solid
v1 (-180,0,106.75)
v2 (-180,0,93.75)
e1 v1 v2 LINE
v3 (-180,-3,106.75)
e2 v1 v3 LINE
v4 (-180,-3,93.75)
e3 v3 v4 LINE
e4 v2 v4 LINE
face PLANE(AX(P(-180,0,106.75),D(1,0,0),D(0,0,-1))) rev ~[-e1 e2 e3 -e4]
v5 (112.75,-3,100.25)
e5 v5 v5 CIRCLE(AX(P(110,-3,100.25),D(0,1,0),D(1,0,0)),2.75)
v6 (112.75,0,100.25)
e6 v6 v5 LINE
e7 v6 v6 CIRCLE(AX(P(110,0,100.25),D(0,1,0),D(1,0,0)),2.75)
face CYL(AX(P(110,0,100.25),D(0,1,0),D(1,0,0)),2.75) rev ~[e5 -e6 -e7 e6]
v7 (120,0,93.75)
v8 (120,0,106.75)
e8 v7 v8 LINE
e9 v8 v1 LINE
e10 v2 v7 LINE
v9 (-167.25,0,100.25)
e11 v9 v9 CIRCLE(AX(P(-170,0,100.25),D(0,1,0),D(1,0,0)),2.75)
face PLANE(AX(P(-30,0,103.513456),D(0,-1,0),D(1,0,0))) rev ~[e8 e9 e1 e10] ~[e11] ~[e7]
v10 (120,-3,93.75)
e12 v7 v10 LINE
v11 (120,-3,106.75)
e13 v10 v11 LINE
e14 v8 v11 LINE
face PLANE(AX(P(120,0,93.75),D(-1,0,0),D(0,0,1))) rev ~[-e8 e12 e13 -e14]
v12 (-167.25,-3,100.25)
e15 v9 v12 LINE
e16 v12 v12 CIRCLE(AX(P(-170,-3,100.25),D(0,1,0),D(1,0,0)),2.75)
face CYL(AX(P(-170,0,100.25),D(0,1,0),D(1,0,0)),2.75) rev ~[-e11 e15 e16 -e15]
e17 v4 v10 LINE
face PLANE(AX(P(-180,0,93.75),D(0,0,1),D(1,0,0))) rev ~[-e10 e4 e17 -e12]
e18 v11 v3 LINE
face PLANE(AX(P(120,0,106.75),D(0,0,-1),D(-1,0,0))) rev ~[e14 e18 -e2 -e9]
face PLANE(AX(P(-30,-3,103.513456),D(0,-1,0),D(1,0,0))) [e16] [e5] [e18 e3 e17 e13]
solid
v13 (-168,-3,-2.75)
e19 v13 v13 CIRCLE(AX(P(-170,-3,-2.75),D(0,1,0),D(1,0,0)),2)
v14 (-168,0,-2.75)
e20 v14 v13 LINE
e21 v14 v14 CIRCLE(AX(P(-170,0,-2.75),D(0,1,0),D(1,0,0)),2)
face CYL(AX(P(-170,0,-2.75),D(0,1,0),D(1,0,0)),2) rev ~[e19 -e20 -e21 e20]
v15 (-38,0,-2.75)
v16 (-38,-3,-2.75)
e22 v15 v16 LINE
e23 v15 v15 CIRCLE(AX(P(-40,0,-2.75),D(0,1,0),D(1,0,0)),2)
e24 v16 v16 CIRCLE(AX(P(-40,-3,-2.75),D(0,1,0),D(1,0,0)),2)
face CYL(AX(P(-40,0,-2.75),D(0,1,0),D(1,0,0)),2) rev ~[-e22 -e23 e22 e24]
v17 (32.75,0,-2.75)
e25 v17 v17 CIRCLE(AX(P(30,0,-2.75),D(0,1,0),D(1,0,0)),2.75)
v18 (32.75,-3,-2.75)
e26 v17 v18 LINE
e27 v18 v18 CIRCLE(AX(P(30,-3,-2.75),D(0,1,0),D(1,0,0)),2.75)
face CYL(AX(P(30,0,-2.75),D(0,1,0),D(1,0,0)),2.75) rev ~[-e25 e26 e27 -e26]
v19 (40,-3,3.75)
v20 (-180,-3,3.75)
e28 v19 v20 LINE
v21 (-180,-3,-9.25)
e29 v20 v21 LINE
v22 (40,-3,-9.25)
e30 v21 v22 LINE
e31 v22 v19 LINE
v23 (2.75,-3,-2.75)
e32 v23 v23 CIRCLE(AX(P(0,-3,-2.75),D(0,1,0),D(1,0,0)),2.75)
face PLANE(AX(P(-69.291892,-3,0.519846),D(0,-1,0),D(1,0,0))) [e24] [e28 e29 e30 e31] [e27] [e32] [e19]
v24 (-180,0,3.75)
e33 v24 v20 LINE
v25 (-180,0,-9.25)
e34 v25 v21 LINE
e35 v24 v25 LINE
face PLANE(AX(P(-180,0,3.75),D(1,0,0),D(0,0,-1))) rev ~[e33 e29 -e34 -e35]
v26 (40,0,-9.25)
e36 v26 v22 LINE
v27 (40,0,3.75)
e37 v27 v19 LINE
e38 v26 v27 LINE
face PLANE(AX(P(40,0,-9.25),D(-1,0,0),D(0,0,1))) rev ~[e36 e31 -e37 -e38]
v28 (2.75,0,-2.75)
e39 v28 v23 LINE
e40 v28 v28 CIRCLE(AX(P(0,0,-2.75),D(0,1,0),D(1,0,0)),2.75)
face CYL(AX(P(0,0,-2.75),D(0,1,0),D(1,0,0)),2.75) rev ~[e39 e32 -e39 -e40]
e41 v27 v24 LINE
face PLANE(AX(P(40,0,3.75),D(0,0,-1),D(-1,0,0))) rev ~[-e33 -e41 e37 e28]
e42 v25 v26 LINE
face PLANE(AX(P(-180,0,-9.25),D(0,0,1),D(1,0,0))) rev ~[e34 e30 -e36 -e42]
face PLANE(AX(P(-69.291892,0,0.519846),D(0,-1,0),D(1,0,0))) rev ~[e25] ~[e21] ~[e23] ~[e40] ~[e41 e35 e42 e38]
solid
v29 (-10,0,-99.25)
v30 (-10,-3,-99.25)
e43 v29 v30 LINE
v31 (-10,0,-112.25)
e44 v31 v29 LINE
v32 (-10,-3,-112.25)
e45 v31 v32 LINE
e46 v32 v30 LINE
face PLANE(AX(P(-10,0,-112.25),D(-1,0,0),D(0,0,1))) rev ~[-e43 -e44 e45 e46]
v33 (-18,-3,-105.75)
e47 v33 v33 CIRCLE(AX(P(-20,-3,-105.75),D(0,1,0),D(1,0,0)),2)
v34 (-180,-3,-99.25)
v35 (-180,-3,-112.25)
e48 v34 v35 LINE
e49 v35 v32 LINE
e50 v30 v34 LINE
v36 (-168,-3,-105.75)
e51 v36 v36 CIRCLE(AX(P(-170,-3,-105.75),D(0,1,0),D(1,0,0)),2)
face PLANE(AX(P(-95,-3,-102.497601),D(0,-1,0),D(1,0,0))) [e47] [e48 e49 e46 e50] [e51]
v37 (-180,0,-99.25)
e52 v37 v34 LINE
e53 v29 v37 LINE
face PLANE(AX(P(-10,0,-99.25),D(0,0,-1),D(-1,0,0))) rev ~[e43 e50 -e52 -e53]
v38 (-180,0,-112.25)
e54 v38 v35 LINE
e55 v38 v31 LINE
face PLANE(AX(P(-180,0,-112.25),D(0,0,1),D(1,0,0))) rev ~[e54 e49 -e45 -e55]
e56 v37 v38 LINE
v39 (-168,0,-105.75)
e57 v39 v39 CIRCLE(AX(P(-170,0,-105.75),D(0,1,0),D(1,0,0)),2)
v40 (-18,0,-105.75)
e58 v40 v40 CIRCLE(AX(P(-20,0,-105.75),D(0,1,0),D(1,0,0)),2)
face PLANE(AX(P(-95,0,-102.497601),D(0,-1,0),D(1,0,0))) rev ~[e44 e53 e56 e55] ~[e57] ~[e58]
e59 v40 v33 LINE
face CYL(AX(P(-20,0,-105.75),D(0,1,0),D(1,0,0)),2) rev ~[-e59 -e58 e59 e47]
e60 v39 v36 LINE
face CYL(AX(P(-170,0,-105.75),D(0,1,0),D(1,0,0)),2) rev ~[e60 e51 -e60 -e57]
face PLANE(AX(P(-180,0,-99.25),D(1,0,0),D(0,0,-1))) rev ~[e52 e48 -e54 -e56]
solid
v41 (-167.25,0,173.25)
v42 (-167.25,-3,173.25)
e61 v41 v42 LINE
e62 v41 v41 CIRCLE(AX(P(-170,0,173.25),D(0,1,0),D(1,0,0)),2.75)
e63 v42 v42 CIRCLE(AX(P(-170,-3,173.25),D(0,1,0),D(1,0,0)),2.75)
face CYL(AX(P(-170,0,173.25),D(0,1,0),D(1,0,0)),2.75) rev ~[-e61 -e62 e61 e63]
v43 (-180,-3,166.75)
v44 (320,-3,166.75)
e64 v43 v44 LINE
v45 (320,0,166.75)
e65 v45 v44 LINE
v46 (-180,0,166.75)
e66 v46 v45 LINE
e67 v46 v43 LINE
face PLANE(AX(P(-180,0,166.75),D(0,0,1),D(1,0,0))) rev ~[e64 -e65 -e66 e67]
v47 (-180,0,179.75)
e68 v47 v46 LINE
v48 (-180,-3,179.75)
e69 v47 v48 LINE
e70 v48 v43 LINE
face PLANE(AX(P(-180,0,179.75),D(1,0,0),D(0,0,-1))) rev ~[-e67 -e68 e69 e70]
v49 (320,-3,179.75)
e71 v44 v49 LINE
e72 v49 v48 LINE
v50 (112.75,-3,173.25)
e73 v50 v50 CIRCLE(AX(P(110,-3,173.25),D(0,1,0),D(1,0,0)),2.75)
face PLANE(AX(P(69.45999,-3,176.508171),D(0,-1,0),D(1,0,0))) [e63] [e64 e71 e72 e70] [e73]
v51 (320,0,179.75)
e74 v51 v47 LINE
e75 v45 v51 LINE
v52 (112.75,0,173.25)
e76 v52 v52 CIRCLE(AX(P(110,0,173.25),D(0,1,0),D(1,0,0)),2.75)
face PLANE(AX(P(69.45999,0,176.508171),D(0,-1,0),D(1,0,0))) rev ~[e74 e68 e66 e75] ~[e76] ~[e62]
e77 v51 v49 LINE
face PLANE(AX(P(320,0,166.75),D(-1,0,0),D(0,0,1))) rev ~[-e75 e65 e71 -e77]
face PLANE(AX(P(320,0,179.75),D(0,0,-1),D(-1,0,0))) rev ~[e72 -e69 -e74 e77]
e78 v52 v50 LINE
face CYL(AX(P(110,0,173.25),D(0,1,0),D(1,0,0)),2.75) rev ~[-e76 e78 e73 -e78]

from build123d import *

# Parameters (mm, degrees)
F1_DEPTH = 3


with BuildPart() as f1:
    # F0 (on Front) → F1 (new body)
    with BuildSketch(Plane.XZ):
        with BuildLine():
            Line((320, 179.75), (-180, 179.75))
            Line((-180, 179.75), (-180, 173.25))
            Line((-180, 173.25), (-172.75, 173.25))
            ThreePointArc((-172.75, 173.25), (-170, 176), (-167.25, 173.25))
            Line((-167.25, 173.25), (107.25, 173.25))
            ThreePointArc((107.25, 173.25), (110, 176), (112.75, 173.25))
            Line((112.75, 173.25), (320, 173.25))
            Line((320, 173.25), (320, 179.75))
        make_face()
        with BuildLine():
            Line((-172.75, 173.25), (-180, 173.25))
            Line((-180, 173.25), (-180, 166.75))
            Line((-180, 166.75), (320, 166.75))
            Line((320, 166.75), (320, 173.25))
            Line((320, 173.25), (112.75, 173.25))
            ThreePointArc((112.75, 173.25), (110, 170.5), (107.25, 173.25))
            Line((107.25, 173.25), (-167.25, 173.25))
            ThreePointArc((-167.25, 173.25), (-170, 170.5), (-172.75, 173.25))
        make_face()
        with BuildLine():
            Line((120, 106.75), (-180, 106.75))
            Line((-180, 106.75), (-180, 100.25))
            Line((-180, 100.25), (-172.75, 100.25))
            ThreePointArc((-172.75, 100.25), (-170, 103), (-167.25, 100.25))
            Line((-167.25, 100.25), (107.25, 100.25))
            ThreePointArc((107.25, 100.25), (110, 103), (112.75, 100.25))
            Line((112.75, 100.25), (120, 100.25))
            Line((120, 100.25), (120, 106.75))
        make_face()
        with BuildLine():
            Line((-172.75, 100.25), (-180, 100.25))
            Line((-180, 100.25), (-180, 93.75))
            Line((-180, 93.75), (120, 93.75))
            Line((120, 93.75), (120, 100.25))
            Line((120, 100.25), (112.75, 100.25))
            ThreePointArc((112.75, 100.25), (110, 97.5), (107.25, 100.25))
            Line((107.25, 100.25), (-167.25, 100.25))
            ThreePointArc((-167.25, 100.25), (-170, 97.5), (-172.75, 100.25))
        make_face()
        with BuildLine():
            Line((40, 3.75), (-180, 3.75))
            Line((-180, 3.75), (-180, -2.75))
            Line((-180, -2.75), (-172, -2.75))
            ThreePointArc((-172, -2.75), (-170, -0.75), (-168, -2.75))
            Line((-168, -2.75), (-42, -2.75))
            ThreePointArc((-42, -2.75), (-40, -0.75), (-38, -2.75))
            Line((-38, -2.75), (-2.75, -2.75))
            ThreePointArc((-2.75, -2.75), (0, 0), (2.75, -2.75))
            Line((2.75, -2.75), (27.25, -2.75))
            ThreePointArc((27.25, -2.75), (30, 0), (32.75, -2.75))
            Line((32.75, -2.75), (40, -2.75))
            Line((40, -2.75), (40, 3.75))
        make_face()
        with BuildLine():
            Line((-172, -2.75), (-180, -2.75))
            Line((-180, -2.75), (-180, -9.25))
            Line((-180, -9.25), (40, -9.25))
            Line((40, -9.25), (40, -2.75))
            Line((40, -2.75), (32.75, -2.75))
            ThreePointArc((32.75, -2.75), (30, -5.5), (27.25, -2.75))
            Line((27.25, -2.75), (2.75, -2.75))
            ThreePointArc((2.75, -2.75), (0, -5.5), (-2.75, -2.75))
            Line((-2.75, -2.75), (-38, -2.75))
            ThreePointArc((-38, -2.75), (-40, -4.75), (-42, -2.75))
            Line((-42, -2.75), (-168, -2.75))
            ThreePointArc((-168, -2.75), (-170, -4.75), (-172, -2.75))
        make_face()
        with BuildLine():
            Line((-10, -99.25), (-180, -99.25))
            Line((-180, -99.25), (-180, -105.75))
            Line((-180, -105.75), (-172, -105.75))
            ThreePointArc((-172, -105.75), (-170, -103.75), (-168, -105.75))
            Line((-168, -105.75), (-22, -105.75))
            ThreePointArc((-22, -105.75), (-20, -103.75), (-18, -105.75))
            Line((-18, -105.75), (-10, -105.75))
            Line((-10, -105.75), (-10, -99.25))
        make_face()
        with BuildLine():
            Line((-172, -105.75), (-180, -105.75))
            Line((-180, -105.75), (-180, -112.25))
            Line((-180, -112.25), (-10, -112.25))
            Line((-10, -112.25), (-10, -105.75))
            Line((-10, -105.75), (-18, -105.75))
            ThreePointArc((-18, -105.75), (-20, -107.75), (-22, -105.75))
            Line((-22, -105.75), (-168, -105.75))
            ThreePointArc((-168, -105.75), (-170, -107.75), (-172, -105.75))
        make_face()
    extrude(amount=F1_DEPTH)


solid = f1.part
